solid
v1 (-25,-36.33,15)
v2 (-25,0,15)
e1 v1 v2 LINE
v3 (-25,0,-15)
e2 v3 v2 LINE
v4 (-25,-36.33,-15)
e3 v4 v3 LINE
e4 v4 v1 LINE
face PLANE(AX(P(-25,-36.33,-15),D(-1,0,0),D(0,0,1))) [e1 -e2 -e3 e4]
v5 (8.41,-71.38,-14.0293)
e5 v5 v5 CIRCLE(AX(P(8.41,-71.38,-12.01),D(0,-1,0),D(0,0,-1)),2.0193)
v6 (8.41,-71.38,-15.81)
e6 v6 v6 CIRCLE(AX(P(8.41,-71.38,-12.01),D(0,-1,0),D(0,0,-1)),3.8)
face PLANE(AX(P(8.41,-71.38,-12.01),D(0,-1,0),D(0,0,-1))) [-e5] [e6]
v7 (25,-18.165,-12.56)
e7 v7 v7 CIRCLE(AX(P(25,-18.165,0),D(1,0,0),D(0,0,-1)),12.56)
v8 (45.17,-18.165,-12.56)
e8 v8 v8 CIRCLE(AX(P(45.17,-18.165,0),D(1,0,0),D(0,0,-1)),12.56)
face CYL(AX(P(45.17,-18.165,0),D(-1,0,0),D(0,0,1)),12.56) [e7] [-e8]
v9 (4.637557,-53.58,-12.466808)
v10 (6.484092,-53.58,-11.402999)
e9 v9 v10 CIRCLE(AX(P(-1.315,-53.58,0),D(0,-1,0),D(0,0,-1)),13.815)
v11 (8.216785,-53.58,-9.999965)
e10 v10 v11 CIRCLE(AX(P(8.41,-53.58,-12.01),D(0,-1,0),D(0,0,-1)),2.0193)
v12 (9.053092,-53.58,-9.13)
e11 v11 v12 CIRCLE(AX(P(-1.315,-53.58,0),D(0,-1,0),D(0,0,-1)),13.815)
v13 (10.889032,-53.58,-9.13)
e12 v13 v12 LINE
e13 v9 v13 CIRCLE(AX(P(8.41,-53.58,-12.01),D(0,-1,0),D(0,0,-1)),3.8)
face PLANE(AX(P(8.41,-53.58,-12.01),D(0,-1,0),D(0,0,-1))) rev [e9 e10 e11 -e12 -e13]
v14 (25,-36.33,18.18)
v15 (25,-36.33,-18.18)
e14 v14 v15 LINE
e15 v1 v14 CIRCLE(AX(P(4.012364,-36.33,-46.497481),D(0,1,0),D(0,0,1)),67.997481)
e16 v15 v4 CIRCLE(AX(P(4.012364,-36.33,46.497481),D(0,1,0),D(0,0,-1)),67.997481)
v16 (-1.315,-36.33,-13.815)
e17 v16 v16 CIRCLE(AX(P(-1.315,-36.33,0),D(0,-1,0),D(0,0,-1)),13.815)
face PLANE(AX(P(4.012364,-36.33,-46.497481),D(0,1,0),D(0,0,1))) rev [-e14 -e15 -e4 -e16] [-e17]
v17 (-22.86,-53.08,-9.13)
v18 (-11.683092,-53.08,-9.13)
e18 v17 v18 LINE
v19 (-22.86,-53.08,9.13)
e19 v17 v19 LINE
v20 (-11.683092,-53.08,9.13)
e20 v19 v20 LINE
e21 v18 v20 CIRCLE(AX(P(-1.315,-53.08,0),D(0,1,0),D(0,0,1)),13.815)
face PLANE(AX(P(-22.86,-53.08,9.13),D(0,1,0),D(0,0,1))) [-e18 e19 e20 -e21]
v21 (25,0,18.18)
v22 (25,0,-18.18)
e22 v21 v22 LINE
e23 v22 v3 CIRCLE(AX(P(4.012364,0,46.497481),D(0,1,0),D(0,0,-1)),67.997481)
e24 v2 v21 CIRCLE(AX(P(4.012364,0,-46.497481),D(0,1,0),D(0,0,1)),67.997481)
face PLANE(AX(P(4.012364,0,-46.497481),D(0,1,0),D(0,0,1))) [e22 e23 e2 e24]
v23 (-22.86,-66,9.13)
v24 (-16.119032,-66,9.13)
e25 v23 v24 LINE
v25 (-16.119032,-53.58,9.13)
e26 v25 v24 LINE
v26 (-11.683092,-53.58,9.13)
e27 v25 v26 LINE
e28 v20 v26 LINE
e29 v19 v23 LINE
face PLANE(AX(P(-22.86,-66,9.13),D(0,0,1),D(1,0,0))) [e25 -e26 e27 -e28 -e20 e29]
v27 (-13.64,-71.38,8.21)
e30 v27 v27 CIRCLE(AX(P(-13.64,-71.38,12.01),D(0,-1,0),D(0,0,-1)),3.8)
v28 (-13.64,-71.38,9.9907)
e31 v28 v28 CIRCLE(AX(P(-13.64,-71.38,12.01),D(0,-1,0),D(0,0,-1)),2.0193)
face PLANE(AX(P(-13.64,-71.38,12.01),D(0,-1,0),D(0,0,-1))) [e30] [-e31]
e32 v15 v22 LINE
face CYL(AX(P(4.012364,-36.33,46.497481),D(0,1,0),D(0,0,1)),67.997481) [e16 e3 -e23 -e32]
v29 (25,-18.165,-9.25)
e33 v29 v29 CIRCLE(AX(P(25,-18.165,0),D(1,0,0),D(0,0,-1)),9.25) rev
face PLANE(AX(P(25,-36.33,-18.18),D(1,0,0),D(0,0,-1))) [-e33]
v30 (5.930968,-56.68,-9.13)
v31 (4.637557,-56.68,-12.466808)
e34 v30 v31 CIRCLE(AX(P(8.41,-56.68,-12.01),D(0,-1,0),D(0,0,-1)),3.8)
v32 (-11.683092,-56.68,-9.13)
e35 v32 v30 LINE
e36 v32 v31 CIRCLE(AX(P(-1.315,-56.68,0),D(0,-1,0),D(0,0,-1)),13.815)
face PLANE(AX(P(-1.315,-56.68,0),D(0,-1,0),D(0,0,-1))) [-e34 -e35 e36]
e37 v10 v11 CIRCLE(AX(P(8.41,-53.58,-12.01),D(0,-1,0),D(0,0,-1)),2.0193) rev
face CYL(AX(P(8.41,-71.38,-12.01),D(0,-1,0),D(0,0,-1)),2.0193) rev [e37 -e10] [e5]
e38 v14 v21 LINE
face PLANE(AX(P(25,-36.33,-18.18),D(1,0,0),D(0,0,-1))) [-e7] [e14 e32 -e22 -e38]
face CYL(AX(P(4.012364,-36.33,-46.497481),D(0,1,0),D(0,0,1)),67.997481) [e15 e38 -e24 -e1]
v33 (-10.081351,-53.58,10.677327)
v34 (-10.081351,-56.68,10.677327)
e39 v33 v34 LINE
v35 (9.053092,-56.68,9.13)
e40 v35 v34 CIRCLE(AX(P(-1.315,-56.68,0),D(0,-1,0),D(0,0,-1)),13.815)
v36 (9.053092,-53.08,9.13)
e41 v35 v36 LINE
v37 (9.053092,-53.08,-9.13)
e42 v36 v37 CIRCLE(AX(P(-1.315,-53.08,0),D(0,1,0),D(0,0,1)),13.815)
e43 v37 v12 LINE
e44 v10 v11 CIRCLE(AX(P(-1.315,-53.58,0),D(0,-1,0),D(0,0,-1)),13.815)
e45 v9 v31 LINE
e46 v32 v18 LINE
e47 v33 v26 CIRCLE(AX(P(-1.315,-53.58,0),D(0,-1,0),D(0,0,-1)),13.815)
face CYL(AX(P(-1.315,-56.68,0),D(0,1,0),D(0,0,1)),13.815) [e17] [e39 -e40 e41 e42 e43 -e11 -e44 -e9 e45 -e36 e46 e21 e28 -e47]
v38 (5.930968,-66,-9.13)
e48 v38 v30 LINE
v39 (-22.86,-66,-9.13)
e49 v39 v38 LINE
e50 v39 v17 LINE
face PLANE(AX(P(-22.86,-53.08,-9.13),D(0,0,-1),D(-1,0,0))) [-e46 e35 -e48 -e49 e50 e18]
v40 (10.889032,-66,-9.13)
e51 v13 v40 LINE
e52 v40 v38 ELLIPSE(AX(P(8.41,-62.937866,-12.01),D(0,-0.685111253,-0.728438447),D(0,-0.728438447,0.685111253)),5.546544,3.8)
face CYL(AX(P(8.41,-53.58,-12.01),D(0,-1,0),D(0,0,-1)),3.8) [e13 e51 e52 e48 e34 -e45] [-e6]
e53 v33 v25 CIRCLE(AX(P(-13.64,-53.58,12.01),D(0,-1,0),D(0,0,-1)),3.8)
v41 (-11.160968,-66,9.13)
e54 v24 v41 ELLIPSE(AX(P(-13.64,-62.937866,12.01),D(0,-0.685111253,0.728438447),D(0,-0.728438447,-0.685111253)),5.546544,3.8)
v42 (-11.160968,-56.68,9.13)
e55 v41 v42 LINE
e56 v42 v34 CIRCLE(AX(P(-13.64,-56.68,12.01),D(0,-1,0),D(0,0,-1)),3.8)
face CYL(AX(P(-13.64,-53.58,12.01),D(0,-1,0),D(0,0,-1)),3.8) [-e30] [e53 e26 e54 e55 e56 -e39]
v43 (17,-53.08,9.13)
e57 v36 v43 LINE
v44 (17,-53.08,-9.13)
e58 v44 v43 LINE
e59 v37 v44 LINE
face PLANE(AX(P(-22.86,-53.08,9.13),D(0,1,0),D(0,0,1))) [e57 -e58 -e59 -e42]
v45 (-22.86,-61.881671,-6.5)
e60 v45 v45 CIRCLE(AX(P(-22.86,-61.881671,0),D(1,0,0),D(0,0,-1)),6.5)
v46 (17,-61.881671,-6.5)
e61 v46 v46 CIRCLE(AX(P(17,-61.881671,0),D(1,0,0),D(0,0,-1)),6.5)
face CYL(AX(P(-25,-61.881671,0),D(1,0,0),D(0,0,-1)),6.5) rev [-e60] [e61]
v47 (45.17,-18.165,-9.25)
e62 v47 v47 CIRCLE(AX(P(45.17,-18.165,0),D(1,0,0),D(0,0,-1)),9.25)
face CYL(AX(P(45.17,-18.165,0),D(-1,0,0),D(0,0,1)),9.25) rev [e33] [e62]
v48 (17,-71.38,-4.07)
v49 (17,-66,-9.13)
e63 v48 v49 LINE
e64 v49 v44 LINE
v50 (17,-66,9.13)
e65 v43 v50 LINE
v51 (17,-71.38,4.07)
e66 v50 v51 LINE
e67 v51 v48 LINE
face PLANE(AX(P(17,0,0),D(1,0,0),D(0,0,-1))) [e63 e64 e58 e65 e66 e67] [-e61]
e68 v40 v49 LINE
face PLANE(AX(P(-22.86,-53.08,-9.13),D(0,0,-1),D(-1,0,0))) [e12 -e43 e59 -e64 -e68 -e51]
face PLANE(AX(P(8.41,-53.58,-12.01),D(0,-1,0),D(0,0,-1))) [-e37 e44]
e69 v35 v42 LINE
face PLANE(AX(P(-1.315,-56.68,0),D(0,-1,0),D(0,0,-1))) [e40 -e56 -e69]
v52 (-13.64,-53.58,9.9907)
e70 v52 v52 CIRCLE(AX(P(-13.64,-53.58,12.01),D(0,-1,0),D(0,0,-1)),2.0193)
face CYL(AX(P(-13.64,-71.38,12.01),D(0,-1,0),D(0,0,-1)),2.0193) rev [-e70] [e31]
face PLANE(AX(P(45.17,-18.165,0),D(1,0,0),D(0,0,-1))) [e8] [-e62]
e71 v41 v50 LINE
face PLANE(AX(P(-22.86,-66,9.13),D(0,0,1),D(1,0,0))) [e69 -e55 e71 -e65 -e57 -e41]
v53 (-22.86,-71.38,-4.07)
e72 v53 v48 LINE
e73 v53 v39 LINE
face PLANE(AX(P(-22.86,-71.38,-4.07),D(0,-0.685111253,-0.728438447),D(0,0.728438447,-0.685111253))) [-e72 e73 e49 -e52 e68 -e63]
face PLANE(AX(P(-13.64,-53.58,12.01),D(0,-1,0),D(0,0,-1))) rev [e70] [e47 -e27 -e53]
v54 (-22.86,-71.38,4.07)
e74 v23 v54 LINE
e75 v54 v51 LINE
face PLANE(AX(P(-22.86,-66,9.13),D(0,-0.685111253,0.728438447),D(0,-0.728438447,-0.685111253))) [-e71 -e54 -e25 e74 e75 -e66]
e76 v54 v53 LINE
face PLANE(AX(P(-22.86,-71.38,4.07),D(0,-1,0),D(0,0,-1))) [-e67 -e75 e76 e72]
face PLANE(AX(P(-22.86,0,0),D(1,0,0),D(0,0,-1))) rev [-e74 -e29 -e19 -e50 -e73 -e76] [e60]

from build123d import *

# Parameters (mm, degrees)
BOSS_EXTRUDE1_DEPTH        = 36.33
SKETCH2_R                  = 12.56
SKETCH2_R_2                = 9.25
BOSS_EXTRUDE2_DEPTH        = 20.17
SKETCH3_R                  = 13.815
BOSS_EXTRUDE3_DEPTH        = 20.35
BOSS_EXTRUDE4_DEPTH        = 47.86
CUT_EXTRUDE1_DEPTH         = 8.000000034
SKETCH6_R                  = 6.5
CUT_EXTRUDE2_DEPTH         = 86.564913353
SKETCH7_R                  = 3.8
BOSS_EXTRUDE5_DEPTH        = 17.8
F_10_32_TAPPED_HOLE1_D     = 4.0386
F_10_32_TAPPED_HOLE1_DEPTH = 17.8


with BuildPart() as part:
    # Sketch1 → Boss-Extrude1 (new body)
    with BuildSketch(Plane(origin=(0, 0, 0), x_dir=(1, 0, 0), z_dir=(0, 1, 0))):
        with BuildLine():
            Line((-25, 15), (-25, -15))
            ThreePointArc((-25, -15), (-0.303555948, -21.362892261), (25, -18.18))
            Line((25, -18.18), (25, 18.18))
            ThreePointArc((25, 18.18), (-0.303555948, 21.362892261), (-25, 15))
        make_face()
    extrude(amount=-BOSS_EXTRUDE1_DEPTH)

    # Sketch2 → Boss-Extrude2 (add)
    with BuildSketch(Plane(origin=(25, 0, 0), x_dir=(0, 0, -1), z_dir=(1, 0, 0))):
        with Locations((0, -18.165)):
            Circle(SKETCH2_R)
        with Locations((0, -18.165)):
            Circle(SKETCH2_R_2, mode=Mode.SUBTRACT)
    extrude(amount=BOSS_EXTRUDE2_DEPTH)

    # Sketch3 → Boss-Extrude3 (add)
    with BuildSketch(Plane.XZ.offset(36.33)):
        with Locations(Location((-1.315, 0, 0), (0, 0, 270))):
            Circle(SKETCH3_R)
    extrude(amount=BOSS_EXTRUDE3_DEPTH)

    # Sketch4 → Boss-Extrude4 (add)
    with BuildSketch(Plane(origin=(25, 0, 0), x_dir=(0, 0, -1), z_dir=(1, 0, 0))):
        Polygon((-9.13, -66), (-9.13, -53.08), (9.13, -53.08), (9.13, -66), (4.07, -71.38), (-4.07, -71.38), align=None)
    extrude(amount=-BOSS_EXTRUDE4_DEPTH)

    # Sketch5 → Cut-Extrude1 (cut)
    with BuildSketch(Plane(origin=(25, 0, 0), x_dir=(0, 0, -1), z_dir=(1, 0, 0))):
        Polygon((-9.13, -66), (-4.07, -71.38), (4.07, -71.38), (9.13, -66), (9.13, -53.08), (-9.13, -53.08), align=None)
    extrude(amount=-CUT_EXTRUDE1_DEPTH, mode=Mode.SUBTRACT)

    # Sketch6 → Cut-Extrude2 (cut, through all)
    with BuildSketch(Plane(origin=(16.999999966, 0, 0), x_dir=(0, 0, -1), z_dir=(1, 0, 0))):
        with Locations((0, -61.881671093)):
            Circle(SKETCH6_R)
    extrude(amount=-CUT_EXTRUDE2_DEPTH, mode=Mode.SUBTRACT)

    # Sketch7 → Boss-Extrude5 (add)
    with BuildSketch(Plane.XZ.offset(71.38)):
        with Locations(Location((-13.64, 12.01, 0), (0, 0, 270))):
            Circle(SKETCH7_R)
        with Locations(Location((8.41, -12.01, 0), (0, 0, 270))):
            Circle(SKETCH7_R)
    extrude(amount=-BOSS_EXTRUDE5_DEPTH)

    # #10-32 Tapped Hole1
    with Locations(Plane(origin=(0, -71.38, 0), x_dir=(-1, 0, 0), z_dir=(0, -1, 0))):
        with Locations((13.64, -12.01), (-8.41, 12.01)):
            Hole(F_10_32_TAPPED_HOLE1_D / 2, depth=F_10_32_TAPPED_HOLE1_DEPTH)


solid = part.part
